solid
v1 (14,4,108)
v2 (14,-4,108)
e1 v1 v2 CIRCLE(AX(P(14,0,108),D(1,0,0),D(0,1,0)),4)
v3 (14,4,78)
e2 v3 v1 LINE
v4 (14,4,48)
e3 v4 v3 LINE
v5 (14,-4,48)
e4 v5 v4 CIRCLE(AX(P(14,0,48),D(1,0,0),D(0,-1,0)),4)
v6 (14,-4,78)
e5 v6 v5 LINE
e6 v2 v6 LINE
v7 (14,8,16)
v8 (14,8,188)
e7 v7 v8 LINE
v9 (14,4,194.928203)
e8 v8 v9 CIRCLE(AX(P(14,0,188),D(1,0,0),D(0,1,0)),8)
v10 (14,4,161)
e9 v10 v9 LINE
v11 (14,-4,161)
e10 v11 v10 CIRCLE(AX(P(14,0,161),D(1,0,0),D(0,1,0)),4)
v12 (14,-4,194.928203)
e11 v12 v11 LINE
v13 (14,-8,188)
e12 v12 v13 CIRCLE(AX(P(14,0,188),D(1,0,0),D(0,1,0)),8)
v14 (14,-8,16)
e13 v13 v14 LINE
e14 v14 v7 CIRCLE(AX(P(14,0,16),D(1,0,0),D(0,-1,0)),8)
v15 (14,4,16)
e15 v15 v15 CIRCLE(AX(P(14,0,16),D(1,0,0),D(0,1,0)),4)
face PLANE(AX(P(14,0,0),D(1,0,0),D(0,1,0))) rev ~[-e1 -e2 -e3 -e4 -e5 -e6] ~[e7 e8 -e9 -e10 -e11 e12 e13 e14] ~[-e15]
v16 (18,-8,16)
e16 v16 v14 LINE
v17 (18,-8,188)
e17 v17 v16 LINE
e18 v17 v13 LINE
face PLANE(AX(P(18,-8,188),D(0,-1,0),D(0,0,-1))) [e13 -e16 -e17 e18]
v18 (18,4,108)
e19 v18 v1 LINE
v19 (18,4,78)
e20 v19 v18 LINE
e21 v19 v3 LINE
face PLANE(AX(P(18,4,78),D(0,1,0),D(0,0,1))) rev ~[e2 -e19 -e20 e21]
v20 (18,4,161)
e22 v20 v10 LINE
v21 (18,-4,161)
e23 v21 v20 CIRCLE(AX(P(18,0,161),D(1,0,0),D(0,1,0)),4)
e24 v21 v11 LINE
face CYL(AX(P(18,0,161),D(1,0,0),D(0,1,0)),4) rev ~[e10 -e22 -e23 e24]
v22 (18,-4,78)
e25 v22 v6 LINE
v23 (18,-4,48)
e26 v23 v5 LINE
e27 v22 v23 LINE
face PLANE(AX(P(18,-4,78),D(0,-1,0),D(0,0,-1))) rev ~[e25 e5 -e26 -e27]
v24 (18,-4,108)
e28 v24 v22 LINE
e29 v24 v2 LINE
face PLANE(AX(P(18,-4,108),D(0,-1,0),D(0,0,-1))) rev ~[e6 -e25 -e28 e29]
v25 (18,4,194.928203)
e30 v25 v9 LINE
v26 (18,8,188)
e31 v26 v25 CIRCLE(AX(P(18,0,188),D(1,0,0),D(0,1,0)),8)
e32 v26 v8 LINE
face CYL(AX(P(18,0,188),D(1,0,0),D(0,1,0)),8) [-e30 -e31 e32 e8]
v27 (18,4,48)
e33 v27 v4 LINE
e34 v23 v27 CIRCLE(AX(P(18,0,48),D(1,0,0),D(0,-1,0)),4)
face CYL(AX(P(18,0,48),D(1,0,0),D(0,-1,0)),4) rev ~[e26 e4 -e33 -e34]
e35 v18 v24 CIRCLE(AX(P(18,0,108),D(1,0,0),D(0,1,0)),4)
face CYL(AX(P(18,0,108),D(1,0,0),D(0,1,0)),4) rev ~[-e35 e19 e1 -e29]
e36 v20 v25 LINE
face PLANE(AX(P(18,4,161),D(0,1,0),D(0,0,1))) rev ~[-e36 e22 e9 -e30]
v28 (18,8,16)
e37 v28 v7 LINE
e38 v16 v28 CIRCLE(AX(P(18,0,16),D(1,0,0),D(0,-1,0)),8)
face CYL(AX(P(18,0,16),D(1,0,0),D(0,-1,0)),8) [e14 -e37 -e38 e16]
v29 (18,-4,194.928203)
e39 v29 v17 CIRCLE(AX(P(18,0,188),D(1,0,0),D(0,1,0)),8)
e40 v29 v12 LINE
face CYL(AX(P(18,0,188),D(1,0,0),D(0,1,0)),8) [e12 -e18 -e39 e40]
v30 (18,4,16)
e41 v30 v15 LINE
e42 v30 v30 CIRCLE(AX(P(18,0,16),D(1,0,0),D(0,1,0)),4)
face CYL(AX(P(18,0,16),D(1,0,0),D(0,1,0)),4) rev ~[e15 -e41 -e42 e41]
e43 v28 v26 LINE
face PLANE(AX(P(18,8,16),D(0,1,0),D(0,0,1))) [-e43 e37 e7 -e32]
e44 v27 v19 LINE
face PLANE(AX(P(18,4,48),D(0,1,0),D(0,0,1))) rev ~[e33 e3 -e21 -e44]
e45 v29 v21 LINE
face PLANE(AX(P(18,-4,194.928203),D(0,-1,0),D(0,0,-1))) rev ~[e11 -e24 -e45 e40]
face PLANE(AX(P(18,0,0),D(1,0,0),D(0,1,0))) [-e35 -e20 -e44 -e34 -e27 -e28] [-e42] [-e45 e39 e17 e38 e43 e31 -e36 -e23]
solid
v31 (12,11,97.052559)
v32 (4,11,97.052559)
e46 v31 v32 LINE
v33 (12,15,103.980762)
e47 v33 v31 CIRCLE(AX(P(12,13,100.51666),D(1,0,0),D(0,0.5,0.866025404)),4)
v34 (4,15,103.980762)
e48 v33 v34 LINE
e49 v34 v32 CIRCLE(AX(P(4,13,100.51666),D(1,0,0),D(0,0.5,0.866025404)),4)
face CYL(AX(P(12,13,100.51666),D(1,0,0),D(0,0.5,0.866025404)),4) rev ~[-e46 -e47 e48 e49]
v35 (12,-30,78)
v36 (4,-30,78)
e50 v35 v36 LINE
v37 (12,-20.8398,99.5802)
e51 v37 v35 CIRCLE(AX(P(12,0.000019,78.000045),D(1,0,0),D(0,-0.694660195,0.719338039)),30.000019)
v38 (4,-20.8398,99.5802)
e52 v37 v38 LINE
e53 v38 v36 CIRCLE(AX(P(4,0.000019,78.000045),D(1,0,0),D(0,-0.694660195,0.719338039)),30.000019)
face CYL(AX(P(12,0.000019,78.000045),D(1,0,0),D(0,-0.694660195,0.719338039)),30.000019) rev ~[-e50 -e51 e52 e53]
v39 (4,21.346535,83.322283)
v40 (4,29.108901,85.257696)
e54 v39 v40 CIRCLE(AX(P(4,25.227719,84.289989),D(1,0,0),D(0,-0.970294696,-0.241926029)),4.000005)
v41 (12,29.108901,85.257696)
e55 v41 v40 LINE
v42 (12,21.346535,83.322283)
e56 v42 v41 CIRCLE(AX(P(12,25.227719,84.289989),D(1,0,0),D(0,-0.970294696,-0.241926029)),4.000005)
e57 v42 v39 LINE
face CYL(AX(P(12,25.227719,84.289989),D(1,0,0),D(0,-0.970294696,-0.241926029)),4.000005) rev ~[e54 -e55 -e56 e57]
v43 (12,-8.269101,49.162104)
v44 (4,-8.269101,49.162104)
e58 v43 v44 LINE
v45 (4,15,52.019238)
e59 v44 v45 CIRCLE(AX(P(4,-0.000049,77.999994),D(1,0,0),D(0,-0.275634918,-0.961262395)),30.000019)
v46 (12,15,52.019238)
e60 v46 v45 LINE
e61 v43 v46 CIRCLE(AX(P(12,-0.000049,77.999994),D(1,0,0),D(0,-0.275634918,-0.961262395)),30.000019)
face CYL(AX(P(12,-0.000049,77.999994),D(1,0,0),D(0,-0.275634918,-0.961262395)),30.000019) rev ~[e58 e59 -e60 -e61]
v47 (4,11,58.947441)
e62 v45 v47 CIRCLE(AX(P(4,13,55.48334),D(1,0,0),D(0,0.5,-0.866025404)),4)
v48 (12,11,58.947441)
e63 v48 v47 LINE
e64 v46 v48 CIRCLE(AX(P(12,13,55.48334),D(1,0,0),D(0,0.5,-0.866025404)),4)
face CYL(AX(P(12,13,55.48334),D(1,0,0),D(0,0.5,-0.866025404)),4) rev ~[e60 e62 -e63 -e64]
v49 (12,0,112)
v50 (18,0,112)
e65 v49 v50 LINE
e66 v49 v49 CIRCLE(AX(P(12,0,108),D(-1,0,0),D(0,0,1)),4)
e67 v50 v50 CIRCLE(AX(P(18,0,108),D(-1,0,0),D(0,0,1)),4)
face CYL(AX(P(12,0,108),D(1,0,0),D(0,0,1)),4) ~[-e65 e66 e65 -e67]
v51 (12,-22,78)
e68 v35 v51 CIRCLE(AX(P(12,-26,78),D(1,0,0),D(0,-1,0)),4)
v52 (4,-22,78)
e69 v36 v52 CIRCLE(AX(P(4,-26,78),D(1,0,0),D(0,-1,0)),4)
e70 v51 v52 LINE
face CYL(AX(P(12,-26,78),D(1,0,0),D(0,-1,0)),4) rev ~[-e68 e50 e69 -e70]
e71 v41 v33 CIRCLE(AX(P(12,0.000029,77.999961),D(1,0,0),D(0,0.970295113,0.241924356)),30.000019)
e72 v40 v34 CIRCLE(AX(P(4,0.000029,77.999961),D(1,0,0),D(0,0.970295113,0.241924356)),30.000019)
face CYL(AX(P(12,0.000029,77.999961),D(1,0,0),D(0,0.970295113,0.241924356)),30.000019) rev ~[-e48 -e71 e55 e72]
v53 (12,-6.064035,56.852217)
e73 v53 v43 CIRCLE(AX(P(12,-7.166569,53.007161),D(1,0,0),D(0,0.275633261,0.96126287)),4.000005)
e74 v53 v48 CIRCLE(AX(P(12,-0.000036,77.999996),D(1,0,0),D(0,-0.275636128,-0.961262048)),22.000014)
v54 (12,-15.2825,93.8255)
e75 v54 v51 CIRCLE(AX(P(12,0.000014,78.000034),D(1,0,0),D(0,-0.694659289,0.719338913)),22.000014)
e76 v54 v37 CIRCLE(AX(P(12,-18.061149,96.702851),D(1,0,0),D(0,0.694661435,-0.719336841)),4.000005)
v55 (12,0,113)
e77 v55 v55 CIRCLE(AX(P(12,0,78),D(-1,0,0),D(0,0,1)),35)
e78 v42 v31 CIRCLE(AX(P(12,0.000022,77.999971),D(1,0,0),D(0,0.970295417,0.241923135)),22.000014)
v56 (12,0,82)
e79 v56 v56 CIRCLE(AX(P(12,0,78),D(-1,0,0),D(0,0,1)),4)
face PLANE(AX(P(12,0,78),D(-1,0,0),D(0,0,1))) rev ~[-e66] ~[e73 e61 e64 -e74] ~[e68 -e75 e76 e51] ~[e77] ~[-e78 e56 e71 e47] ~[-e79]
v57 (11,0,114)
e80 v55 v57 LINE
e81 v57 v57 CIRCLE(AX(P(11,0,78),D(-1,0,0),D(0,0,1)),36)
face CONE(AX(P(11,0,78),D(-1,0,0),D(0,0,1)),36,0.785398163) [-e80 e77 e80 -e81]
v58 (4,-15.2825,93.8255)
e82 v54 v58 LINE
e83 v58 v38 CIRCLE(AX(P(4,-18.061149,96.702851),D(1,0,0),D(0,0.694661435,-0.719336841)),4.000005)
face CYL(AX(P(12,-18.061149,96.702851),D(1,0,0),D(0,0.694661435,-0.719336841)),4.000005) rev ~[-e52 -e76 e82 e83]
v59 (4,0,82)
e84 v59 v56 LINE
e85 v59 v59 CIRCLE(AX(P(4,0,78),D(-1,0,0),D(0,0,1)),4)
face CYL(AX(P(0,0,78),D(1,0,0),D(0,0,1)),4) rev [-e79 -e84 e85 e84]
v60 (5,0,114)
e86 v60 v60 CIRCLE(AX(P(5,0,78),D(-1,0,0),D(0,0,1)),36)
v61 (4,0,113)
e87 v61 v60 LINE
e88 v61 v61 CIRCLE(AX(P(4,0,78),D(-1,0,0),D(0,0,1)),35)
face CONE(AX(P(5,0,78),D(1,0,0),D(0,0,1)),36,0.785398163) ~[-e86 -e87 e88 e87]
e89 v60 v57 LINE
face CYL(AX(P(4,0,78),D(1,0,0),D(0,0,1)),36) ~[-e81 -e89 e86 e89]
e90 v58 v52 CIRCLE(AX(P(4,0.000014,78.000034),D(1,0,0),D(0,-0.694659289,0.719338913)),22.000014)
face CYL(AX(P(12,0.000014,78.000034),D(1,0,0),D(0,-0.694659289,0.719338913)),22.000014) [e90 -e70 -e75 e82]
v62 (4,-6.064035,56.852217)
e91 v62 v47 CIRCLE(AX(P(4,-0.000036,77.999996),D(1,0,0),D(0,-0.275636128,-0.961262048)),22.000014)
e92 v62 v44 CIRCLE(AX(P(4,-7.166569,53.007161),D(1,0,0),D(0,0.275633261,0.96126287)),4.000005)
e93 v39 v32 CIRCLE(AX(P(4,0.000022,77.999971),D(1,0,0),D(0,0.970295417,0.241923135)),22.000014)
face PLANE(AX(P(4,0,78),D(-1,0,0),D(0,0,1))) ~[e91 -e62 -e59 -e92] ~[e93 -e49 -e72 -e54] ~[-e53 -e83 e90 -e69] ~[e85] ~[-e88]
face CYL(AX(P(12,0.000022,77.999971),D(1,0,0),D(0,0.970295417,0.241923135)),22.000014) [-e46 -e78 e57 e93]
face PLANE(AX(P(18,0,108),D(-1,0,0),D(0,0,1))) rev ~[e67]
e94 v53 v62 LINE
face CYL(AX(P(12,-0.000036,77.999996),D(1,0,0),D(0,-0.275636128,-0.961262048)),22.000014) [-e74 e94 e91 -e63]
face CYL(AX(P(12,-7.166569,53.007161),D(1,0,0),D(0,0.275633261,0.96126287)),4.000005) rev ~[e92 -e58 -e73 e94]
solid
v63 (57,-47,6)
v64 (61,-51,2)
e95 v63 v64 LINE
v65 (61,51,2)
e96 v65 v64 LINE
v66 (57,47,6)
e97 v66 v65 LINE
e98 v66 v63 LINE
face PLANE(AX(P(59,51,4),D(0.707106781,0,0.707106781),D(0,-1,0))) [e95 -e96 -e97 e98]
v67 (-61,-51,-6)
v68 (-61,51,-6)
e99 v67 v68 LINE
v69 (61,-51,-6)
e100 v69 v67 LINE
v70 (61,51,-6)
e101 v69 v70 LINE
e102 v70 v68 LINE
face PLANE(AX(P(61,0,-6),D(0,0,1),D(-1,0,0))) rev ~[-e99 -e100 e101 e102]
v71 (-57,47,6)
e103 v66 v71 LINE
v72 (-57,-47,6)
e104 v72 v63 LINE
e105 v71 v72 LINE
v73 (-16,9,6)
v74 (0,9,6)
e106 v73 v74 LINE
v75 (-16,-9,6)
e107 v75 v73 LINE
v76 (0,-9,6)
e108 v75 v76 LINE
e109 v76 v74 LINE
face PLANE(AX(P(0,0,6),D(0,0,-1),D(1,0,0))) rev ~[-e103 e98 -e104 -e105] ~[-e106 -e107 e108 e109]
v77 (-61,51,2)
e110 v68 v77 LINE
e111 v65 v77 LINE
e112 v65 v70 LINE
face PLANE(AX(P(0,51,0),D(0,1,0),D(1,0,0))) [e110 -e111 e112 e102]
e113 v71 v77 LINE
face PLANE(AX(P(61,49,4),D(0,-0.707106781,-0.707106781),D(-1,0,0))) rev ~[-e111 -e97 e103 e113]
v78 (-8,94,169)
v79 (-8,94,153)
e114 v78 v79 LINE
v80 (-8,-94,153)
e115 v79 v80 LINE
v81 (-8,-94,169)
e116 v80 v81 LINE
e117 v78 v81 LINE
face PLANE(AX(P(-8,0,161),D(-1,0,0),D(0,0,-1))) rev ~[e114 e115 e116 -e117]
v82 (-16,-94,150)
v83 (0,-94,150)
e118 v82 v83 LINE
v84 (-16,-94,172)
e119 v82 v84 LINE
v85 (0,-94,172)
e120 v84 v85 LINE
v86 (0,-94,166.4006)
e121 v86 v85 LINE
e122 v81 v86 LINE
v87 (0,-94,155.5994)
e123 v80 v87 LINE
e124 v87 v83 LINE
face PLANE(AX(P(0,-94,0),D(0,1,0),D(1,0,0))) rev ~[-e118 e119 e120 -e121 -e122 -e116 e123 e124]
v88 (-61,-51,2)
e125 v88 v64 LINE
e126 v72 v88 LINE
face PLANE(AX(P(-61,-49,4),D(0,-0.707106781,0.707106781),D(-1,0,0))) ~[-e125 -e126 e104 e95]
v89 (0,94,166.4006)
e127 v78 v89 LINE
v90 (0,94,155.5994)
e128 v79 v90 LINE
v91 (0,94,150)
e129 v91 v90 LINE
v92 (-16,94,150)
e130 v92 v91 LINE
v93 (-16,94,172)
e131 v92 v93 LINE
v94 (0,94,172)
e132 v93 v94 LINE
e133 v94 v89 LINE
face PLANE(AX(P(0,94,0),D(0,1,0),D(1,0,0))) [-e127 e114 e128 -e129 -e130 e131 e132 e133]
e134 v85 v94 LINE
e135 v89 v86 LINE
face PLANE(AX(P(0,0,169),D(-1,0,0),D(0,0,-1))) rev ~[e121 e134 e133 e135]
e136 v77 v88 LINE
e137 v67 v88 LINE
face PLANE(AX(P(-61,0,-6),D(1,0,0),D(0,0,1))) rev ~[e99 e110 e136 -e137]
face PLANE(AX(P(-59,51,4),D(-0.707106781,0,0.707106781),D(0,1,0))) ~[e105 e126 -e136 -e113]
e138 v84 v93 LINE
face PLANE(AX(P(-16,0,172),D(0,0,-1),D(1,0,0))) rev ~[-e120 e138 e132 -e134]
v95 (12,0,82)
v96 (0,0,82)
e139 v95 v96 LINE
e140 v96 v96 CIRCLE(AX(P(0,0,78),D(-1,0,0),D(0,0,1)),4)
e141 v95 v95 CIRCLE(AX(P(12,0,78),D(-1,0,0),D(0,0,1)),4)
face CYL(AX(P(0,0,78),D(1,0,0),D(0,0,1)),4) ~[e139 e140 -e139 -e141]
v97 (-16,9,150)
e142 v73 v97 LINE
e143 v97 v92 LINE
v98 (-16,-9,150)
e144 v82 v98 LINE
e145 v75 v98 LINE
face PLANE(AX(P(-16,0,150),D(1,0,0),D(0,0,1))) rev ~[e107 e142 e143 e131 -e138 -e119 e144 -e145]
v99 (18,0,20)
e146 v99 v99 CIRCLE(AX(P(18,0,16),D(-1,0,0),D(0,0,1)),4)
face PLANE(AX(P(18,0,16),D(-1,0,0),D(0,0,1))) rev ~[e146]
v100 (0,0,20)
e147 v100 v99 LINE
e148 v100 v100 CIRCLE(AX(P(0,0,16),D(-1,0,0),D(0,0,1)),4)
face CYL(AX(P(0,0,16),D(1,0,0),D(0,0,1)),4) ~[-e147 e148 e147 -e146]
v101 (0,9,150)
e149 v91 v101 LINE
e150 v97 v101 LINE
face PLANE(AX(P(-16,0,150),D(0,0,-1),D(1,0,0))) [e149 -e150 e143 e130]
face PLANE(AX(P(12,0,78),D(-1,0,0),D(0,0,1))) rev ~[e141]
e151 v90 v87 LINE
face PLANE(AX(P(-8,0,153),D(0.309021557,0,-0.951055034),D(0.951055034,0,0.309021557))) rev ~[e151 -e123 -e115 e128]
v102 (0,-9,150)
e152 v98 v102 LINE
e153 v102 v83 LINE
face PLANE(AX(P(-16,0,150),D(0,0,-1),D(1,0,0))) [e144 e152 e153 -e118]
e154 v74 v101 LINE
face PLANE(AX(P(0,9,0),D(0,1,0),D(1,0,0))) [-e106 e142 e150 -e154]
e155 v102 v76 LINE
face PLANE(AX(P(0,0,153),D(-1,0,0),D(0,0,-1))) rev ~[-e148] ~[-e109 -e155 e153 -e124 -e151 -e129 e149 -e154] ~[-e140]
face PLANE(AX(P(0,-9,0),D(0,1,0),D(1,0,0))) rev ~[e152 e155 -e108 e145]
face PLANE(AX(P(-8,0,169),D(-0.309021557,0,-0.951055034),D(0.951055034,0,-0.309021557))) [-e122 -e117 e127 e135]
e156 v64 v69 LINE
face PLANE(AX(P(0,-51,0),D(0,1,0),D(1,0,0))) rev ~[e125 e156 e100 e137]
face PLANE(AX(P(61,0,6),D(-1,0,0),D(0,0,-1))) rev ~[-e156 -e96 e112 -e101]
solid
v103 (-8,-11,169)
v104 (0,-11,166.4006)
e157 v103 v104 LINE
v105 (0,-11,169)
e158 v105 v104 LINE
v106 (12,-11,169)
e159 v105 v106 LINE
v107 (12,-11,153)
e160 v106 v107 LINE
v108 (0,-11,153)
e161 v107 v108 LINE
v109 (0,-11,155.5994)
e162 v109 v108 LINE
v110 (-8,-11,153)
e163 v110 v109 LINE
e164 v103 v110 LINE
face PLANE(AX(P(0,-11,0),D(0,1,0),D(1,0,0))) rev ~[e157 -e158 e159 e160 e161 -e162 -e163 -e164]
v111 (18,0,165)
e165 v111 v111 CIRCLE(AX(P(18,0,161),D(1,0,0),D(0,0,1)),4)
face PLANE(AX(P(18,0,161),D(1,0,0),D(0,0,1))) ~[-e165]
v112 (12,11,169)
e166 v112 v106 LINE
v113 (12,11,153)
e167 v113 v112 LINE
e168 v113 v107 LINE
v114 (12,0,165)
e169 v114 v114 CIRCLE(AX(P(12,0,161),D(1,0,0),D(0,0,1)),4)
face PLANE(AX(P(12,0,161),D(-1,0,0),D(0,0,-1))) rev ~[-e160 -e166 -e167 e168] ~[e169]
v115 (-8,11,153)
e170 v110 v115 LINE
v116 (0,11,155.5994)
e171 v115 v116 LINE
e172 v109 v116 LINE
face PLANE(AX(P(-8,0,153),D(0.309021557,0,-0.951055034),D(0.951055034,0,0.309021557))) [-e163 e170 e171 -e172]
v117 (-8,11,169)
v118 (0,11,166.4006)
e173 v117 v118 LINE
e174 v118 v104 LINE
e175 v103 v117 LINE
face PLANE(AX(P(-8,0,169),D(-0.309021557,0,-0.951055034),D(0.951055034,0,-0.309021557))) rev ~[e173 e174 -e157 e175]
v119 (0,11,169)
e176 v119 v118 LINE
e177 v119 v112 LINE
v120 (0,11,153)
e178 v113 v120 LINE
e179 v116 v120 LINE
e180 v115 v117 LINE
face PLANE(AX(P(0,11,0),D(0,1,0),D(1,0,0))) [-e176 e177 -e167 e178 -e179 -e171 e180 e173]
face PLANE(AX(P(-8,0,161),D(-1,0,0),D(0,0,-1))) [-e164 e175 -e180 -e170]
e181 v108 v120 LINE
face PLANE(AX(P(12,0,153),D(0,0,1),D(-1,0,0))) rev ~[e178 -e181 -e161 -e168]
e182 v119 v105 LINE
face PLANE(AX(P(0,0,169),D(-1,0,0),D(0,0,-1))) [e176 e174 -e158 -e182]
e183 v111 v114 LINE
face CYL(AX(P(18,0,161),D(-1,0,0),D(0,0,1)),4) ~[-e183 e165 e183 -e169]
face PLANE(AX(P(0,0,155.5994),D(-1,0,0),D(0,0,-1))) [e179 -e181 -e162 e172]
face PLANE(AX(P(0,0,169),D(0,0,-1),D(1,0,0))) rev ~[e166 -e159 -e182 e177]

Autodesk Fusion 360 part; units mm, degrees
sketch "Sketch1" plane through (0, 0, 0) normal (0, 1, 0) x (1, 0, 0)
  line L0 (61, 6) -> (-61, 6)
  line L1 (-61, 6) -> (-61, -6)
  line L2 (-61, -6) -> (61, -6)
  line L3 (61, -6) -> (61, 6)
  line L4 (61, 6) -> (-61, -6) construction
  line L5 (-61, 6) -> (61, -6) construction
  line L6 (-16, -172) -> (0, -172)
  line L7 (0, -172) -> (0, -6)
  line L8 (0, -6) -> (-16, -6)
  line L9 (-16, -6) -> (-16, -172)
  line L10 (0, -20) -> (18, -20)
  line L11 (18, -20) -> (18, -16)
  line L12 (18, -16) -> (0, -16)
  line L13 (0, -16) -> (0, -20)
  line L14 (0, -82) -> (12, -82)
  line L15 (12, -82) -> (12, -78)
  line L16 (12, -78) -> (0, -78)
  line L17 (0, -78) -> (0, -82)
  line L18 (0, -169) -> (12, -169)
  line L19 (12, -169) -> (12, -153)
  line L20 (12, -153) -> (0, -153)
  line L21 (0, -153) -> (0, -169)
  line L22 (12, -161) -> (18, -161)
  line L23 (18, -161) -> (18, -165)
  line L24 (18, -165) -> (12, -165)
  line L25 (12, -165) -> (12, -161)
  line L26 (0, -161) -> (-8, -161) construction
  line L27 (-8, -161) -> (-8, -169)
  line L28 (-8, -169) -> (0, -166.4006)
  line L29 (-8, -161) -> (-8, -153)
  line L30 (-8, -153) -> (0, -155.5994)
  line L31 (-16, -150) -> (0, -150)
  line L32 (4, -114) -> (12, -114)
  line L33 (12, -114) -> (12, -82)
  line L34 (12, -82) -> (4, -82)
  line L35 (4, -82) -> (4, -114)
  line L36 (12, -112) -> (18, -112)
  line L37 (18, -112) -> (18, -108)
  line L38 (18, -108) -> (12, -108)
  line L39 (12, -108) -> (12, -112)
  dimension "d31" = 122
  dimension "d32" = 12
  dimension "d33" = 166
  dimension "d34" = 16
  dimension "d35" = 10
  dimension "d36" = 4
  dimension "d37" = 72
  dimension "d38" = 4
  dimension "d39" = 3
  dimension "d40" = 16
  dimension "d41" = 12
  dimension "d42" = 6
  dimension "d43" = 4
  dimension "d44" = 8
  dimension "d45" = 8
  dimension "d46" = 18
  dimension "d47" = -22
  dimension "d48" = 32
  dimension "d49" = 8
  dimension "d50" = 2
  dimension "d51" = 4
extrude "Extrude1" add sketch "Sketch1" along normal mid plane 102 contours L0 L1 L2 L3 L8 makes body 1
extrude "Extrude2" add sketch "Sketch1" along normal mid plane 18 contours L2 L7 L8 L9 L13 L17 L31 bodies 1
extrude "Extrude3" add sketch "Sketch1" along normal mid plane 188 contours L6 L7 L9 L21 L27 L28 L29 L30 L31 bodies 1
extrude "Extrude4" add sketch "Sketch1" along normal mid plane 22 separate body contours L7 L18 L19 L20 L21 L25 | L7 L21 L27 L28 L29 L30 makes body 2
revolve "Revolve1" add sketch "Sketch1" angle 360 about axis through (12, 0, 161) along (1, 0, 0) contours L19 L22 L23 L24 L25 bodies 2
revolve "Revolve2" add sketch "Sketch1" angle 360 about axis through (12, 0, 78) along (-1, 0, 0) contours L7 L14 L15 L16 L17 L34 bodies 1
revolve "Revolve3" add sketch "Sketch1" angle 360 about axis through (12, 0, 78) along (-1, 0, 0) separate body contours L14 L32 L33 L34 L35 L39 makes body 3
revolve "Revolve4" add sketch "Sketch1" angle 360 about axis through (18, 0, 108) along (-1, 0, 0) contours L33 L36 L37 L38 L39 bodies 3
revolve "Revolve5" add sketch "Sketch1" angle 360 about axis through (18, 0, 16) along (-1, 0, 0) contours L7 L10 L11 L12 L13 bodies 1
sketch "Sketch2" plane through (12, 0, 0) normal (1, 0, 0) x (0, 1, 0)
  circle A0 centre (0, 108) radius 4
  circle A1 centre (0, 78) radius 4
  circle A2 centre (0, 78) radius 36
  arc A3 (-20.8398, 99.5802) -> (-30, 78) centre (0, 78) ccw
  arc A4 (-15.2825, 93.8255) -> (-20.8398, 99.5802) centre (-18.0611, 96.7028) ccw
  arc A5 (-15.2825, 93.8255) -> (-22, 78) centre (0, 78) ccw
  arc A6 (-30, 78) -> (-22, 78) centre (-26, 78) ccw
  arc A7 (-18.0611, 96.7028) -> (-26, 78) centre (0, 78) ccw construction
  point P0 (0, 78)
  dimension "d65" = 26
  dimension "d66" = 4
  dimension "d67" = 46
extrude "Extrude5" cut sketch "Sketch2" against normal up to surface (8 mm away) contours A3 A4 A5 A6 bodies 3
pattern_circular "C-Pattern1" count 3 over 360 about axis through (12, 0, 78) along (-1, 0, 0) of "Extrude5"
sketch "Sketch3" plane through (18, 0, 0) normal (1, 0, 0) x (0, 1, 0)
  circle A0 centre (0, 16) radius 4
  line L0 (8, 16) -> (8, 188)
  arc A1 (8, 188) -> (-8, 188) centre (0, 188) ccw
  line L1 (-8, 188) -> (-8, 16)
  arc A2 (-8, 16) -> (8, 16) centre (0, 16) ccw
  line L2 (0, 16) -> (0, 188) construction
  circle A3 centre (0, 161) radius 4
  circle A4 centre (0, 108) radius 4
  circle A5 centre (0, 78) radius 4
  circle A6 centre (0, 16) radius 4
  line L3 (4, 161) -> (4, 196)
  arc A7 (4, 196) -> (-4, 196) centre (0, 196) ccw
  line L4 (-4, 196) -> (-4, 161)
  arc A8 (-4, 161) -> (4, 161) centre (0, 161) ccw
  line L5 (0, 161) -> (0, 196) construction
  line L6 (-4, 108) -> (-4, 48)
  arc A9 (-4, 48) -> (4, 48) centre (0, 48) ccw
  line L7 (4, 48) -> (4, 108)
  arc A10 (4, 108) -> (-4, 108) centre (0, 108) ccw
  line L8 (0, 108) -> (0, 48) construction
  dimension "d72" = 172
  dimension "d73" = 8
  dimension "d74" = 60
extrude "Extrude6" add sketch "Sketch3" against normal blind 4 separate body contours L0 A1 L1 A2 A3 L3 L4 A8 makes body 4
chamfer "Chamfer1" distance 1 angle 45 2 edges at (12, -13.0182, 44.4362) (4, -13.0182, 44.4362) on bodies 3
chamfer "Chamfer2" distance 4 angle 45 4 edges at (-61, 0, 6) (0, -51, 6) (61, 0, 6) (0, 51, 6) on bodies 1
copy_body "Body->Comp1" bodies 2 removing the originals makes body 5 in component "slider"
copy_body "Body->Comp2" bodies 3 removing the originals makes body 6 in component "disk"
copy_body "Body->Comp3" bodies 4 removing the originals makes body 7 in component "crank"
copy_body "Body->Comp4" bodies 1 removing the originals makes body 8 in component "base"
component "disk" placed x (1, 0, 0) y (0, 1, 0) z (0, 0, 1) at (0, 0, 0)
component "crank" placed x (1, 0, 0) y (0, 1, 0) z (0, 0, 1) at (0, 0, 0)
component "slider" placed x (1, 0, 0) y (0, 1, 0) z (0, 0, 1) at (0, 0, 0)
component "base" placed x (1, 0, 0) y (0, 1, 0) z (0, 0, 1) at (0, 0, 0)
